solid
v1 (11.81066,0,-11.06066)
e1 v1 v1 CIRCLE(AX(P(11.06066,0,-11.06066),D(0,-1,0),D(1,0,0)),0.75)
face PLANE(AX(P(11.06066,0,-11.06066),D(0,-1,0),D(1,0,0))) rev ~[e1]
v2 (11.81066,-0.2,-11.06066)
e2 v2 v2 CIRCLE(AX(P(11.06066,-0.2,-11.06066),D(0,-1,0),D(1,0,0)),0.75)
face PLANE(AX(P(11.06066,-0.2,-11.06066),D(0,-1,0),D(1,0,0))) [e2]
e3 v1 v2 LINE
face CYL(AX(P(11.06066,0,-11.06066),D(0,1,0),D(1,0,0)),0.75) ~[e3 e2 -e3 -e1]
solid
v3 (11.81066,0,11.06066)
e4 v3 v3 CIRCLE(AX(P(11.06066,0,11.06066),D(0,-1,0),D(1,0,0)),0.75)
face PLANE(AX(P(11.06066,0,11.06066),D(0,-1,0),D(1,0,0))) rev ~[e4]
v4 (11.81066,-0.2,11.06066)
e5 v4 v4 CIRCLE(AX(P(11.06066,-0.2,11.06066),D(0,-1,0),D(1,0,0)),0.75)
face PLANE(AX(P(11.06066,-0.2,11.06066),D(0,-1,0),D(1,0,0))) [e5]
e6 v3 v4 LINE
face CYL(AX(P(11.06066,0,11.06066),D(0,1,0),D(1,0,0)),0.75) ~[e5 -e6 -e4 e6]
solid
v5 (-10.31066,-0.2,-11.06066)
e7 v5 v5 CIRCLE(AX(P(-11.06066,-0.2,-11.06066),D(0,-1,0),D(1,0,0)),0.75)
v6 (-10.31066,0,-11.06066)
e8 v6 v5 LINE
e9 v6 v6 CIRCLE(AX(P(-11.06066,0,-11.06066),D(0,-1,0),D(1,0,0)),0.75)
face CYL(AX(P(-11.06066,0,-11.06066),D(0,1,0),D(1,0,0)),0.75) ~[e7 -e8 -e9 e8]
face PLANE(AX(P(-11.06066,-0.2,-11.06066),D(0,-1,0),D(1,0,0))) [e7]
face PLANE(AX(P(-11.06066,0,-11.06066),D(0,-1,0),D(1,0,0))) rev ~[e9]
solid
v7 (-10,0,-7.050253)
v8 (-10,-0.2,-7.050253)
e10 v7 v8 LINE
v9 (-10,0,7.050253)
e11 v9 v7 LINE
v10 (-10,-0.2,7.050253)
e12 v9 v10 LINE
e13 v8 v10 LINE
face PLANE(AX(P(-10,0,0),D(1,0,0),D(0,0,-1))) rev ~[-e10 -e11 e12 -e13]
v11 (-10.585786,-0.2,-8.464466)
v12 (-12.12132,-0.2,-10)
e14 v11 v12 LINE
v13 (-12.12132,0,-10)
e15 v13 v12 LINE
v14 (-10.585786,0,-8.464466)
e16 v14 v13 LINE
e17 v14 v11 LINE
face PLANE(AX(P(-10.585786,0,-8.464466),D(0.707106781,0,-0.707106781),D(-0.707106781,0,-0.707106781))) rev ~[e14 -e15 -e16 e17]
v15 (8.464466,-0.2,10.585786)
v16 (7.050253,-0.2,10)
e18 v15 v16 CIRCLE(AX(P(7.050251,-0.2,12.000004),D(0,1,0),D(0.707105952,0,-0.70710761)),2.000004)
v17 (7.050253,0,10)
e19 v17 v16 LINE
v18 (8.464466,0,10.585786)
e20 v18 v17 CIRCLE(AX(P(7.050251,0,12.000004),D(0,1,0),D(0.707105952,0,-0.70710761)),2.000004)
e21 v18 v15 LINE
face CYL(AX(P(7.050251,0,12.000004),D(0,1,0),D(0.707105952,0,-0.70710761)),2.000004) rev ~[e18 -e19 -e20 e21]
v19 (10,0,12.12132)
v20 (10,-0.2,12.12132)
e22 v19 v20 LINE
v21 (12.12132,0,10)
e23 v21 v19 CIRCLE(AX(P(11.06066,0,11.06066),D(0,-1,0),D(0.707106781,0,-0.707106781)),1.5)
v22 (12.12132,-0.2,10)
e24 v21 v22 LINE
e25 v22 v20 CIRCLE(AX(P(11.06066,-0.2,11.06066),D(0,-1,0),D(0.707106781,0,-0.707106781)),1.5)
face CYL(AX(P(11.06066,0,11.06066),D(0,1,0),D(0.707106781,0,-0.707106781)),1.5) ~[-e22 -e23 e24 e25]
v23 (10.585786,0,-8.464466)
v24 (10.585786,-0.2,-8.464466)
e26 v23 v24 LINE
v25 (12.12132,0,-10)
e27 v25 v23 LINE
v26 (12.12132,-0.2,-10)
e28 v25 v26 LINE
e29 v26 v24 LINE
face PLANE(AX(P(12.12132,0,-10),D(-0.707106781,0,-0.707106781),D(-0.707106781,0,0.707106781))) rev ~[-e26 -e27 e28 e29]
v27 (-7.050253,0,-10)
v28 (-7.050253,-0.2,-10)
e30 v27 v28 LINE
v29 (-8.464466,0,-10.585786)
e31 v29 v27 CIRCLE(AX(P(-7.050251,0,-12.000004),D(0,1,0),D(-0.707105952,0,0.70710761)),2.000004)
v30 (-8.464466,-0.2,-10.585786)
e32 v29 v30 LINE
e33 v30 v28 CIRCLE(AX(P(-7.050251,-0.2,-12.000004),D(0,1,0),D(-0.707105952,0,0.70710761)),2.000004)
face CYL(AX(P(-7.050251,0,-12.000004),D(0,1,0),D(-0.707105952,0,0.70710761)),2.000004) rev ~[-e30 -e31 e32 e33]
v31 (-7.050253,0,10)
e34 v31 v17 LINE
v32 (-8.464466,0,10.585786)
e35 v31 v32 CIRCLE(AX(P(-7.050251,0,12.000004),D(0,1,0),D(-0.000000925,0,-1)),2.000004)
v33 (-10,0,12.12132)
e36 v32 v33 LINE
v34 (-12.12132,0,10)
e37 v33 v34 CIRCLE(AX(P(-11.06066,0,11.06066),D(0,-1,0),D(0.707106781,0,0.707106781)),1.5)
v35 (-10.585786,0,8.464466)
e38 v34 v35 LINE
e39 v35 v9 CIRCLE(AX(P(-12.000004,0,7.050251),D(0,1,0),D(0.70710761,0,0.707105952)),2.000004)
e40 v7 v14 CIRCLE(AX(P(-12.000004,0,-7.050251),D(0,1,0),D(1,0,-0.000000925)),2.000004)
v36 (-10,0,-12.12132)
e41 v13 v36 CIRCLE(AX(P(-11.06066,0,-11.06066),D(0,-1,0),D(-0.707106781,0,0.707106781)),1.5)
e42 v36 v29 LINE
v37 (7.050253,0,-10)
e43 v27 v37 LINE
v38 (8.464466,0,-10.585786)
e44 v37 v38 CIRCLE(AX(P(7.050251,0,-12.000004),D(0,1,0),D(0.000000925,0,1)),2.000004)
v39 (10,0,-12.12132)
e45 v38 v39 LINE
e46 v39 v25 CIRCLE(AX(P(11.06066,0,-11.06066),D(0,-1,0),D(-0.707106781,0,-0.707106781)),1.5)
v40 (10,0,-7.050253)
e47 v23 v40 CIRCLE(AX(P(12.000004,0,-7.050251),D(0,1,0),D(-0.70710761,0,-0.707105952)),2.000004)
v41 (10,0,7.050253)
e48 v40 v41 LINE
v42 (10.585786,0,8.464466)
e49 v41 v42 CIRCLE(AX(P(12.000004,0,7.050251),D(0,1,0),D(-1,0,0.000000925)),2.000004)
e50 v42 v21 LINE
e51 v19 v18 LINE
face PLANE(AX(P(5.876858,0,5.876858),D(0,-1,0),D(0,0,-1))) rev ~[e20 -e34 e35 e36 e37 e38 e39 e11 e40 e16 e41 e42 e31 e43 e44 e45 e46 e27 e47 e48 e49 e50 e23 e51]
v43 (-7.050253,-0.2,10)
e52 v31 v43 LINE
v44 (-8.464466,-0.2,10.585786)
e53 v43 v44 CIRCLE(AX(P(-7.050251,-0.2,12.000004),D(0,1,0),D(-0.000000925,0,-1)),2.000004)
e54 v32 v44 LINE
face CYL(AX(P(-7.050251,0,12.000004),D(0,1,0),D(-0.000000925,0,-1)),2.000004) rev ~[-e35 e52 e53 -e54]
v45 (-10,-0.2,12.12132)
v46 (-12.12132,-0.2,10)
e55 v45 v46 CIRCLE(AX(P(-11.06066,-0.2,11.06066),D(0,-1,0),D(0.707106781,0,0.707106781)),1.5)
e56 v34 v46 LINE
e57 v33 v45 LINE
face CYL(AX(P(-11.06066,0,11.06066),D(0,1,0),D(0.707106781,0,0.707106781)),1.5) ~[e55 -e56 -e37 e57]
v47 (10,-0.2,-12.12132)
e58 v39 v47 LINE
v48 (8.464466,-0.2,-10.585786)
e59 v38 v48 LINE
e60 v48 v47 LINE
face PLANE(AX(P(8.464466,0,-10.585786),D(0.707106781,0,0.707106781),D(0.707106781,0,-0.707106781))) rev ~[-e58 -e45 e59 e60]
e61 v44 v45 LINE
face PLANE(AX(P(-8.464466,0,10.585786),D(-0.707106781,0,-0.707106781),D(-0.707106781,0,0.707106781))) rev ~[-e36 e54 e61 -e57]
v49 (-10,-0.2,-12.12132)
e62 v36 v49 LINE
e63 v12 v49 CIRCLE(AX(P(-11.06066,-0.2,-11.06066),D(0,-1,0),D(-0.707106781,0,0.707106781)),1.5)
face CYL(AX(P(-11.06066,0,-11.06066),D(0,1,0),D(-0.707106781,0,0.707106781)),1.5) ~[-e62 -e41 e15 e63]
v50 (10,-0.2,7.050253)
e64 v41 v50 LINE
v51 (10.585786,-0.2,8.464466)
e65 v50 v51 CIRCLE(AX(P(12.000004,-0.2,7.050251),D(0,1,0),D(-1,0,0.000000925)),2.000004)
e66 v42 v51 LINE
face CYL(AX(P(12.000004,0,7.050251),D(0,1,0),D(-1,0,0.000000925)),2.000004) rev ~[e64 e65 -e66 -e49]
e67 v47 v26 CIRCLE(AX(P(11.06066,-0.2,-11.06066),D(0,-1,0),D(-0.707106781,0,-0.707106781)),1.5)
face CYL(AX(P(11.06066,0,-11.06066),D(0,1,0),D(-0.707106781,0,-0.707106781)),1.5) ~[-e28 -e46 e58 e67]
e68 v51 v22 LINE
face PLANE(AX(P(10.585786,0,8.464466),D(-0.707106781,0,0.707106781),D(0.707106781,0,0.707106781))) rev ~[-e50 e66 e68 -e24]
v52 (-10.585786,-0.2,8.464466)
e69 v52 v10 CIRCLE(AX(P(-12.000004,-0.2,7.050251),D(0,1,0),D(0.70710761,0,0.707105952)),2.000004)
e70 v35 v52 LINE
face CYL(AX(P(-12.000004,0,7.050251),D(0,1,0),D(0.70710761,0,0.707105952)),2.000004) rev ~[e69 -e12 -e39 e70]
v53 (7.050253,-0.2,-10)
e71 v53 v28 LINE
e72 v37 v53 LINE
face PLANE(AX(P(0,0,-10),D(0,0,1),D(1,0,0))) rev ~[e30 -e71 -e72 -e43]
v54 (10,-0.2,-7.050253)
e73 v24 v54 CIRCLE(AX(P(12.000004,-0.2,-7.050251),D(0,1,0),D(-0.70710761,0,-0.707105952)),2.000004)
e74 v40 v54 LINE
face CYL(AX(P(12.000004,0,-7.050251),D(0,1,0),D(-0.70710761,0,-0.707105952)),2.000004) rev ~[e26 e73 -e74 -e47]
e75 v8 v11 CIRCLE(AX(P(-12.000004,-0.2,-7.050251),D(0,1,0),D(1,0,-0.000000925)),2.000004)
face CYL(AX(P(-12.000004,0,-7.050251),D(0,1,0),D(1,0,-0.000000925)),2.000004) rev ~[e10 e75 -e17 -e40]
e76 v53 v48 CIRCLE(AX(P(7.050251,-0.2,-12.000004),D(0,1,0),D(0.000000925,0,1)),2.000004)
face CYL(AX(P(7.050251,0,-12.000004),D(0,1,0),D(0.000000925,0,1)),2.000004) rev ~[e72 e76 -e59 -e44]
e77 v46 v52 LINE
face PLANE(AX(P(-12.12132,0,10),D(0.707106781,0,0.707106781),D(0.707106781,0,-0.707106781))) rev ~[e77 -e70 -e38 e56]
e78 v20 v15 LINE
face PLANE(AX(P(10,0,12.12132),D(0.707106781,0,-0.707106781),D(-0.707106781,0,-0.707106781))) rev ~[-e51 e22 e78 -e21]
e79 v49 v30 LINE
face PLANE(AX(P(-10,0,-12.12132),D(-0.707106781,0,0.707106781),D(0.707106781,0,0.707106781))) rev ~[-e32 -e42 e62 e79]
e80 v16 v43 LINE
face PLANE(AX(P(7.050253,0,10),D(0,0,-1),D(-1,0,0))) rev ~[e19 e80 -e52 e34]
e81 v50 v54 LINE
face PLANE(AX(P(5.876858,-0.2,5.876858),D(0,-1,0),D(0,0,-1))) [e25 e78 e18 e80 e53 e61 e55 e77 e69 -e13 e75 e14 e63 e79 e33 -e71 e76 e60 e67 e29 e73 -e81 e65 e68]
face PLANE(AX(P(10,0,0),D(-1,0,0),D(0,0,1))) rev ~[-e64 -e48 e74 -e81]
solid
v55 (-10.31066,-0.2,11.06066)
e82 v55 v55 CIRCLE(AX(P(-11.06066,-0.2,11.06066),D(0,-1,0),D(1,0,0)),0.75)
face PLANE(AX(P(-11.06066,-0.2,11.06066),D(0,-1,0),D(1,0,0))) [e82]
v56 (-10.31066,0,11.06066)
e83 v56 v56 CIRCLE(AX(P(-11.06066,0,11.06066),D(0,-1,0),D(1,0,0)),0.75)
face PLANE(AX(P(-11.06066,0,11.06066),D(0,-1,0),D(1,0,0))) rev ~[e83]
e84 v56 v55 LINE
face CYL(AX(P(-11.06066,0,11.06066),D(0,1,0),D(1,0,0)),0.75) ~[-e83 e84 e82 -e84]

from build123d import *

# Parameters (mm, degrees)
F1_DEPTH = 0.2
F2_COUNT = 4
F3_R     = 0.75
F4_DEPTH = 0.2


with BuildPart() as f1:
    # F0 (on Front) → F1 (new body)
    with BuildSketch(Plane.XZ):
        with BuildLine():
            Line((0, 0), (0, 10))
            Line((0, 10), (-7.050253, 10))
            ThreePointArc((-7.050253, 10), (-7.815619, 10.152241), (-8.464466, 10.585786))
            Line((-8.464466, 10.585786), (-10, 12.12132))
            ThreePointArc((-10, 12.12132), (-12.12132, 12.12132), (-12.12132, 10))
            Line((-12.12132, 10), (-10.585786, 8.464466))
            ThreePointArc((-10.585786, 8.464466), (-10.152241, 7.815619), (-10, 7.050253))
            Line((-10, 7.050253), (-10, 0))
            Line((-10, 0), (0, 0))
        make_face()
    extrude(amount=F1_DEPTH)

    # F2: F1 ×4 about axis
    f2_axis = Axis((0, -0.1, 0), (0, -1, 0))


with BuildPart() as f1_1:
    add(f1.part)
    for i in range(1, F2_COUNT):
        add(f1.part.rotate(f2_axis, i * 360 / F2_COUNT))


with BuildPart() as f4:
    # F3 (on Front) → F4 (new body, through all)
    with BuildSketch(Plane.XZ):
        with Locations((-11.06066, -11.06066)):
            Circle(F3_R)
        with Locations((11.06066, -11.06066)):
            Circle(F3_R)
        with Locations((11.06066, 11.06066)):
            Circle(F3_R)
        with Locations((-11.06066, 11.06066)):
            Circle(F3_R)
    extrude(amount=F4_DEPTH)


solid = Compound([f1_1.part, f4.part])
